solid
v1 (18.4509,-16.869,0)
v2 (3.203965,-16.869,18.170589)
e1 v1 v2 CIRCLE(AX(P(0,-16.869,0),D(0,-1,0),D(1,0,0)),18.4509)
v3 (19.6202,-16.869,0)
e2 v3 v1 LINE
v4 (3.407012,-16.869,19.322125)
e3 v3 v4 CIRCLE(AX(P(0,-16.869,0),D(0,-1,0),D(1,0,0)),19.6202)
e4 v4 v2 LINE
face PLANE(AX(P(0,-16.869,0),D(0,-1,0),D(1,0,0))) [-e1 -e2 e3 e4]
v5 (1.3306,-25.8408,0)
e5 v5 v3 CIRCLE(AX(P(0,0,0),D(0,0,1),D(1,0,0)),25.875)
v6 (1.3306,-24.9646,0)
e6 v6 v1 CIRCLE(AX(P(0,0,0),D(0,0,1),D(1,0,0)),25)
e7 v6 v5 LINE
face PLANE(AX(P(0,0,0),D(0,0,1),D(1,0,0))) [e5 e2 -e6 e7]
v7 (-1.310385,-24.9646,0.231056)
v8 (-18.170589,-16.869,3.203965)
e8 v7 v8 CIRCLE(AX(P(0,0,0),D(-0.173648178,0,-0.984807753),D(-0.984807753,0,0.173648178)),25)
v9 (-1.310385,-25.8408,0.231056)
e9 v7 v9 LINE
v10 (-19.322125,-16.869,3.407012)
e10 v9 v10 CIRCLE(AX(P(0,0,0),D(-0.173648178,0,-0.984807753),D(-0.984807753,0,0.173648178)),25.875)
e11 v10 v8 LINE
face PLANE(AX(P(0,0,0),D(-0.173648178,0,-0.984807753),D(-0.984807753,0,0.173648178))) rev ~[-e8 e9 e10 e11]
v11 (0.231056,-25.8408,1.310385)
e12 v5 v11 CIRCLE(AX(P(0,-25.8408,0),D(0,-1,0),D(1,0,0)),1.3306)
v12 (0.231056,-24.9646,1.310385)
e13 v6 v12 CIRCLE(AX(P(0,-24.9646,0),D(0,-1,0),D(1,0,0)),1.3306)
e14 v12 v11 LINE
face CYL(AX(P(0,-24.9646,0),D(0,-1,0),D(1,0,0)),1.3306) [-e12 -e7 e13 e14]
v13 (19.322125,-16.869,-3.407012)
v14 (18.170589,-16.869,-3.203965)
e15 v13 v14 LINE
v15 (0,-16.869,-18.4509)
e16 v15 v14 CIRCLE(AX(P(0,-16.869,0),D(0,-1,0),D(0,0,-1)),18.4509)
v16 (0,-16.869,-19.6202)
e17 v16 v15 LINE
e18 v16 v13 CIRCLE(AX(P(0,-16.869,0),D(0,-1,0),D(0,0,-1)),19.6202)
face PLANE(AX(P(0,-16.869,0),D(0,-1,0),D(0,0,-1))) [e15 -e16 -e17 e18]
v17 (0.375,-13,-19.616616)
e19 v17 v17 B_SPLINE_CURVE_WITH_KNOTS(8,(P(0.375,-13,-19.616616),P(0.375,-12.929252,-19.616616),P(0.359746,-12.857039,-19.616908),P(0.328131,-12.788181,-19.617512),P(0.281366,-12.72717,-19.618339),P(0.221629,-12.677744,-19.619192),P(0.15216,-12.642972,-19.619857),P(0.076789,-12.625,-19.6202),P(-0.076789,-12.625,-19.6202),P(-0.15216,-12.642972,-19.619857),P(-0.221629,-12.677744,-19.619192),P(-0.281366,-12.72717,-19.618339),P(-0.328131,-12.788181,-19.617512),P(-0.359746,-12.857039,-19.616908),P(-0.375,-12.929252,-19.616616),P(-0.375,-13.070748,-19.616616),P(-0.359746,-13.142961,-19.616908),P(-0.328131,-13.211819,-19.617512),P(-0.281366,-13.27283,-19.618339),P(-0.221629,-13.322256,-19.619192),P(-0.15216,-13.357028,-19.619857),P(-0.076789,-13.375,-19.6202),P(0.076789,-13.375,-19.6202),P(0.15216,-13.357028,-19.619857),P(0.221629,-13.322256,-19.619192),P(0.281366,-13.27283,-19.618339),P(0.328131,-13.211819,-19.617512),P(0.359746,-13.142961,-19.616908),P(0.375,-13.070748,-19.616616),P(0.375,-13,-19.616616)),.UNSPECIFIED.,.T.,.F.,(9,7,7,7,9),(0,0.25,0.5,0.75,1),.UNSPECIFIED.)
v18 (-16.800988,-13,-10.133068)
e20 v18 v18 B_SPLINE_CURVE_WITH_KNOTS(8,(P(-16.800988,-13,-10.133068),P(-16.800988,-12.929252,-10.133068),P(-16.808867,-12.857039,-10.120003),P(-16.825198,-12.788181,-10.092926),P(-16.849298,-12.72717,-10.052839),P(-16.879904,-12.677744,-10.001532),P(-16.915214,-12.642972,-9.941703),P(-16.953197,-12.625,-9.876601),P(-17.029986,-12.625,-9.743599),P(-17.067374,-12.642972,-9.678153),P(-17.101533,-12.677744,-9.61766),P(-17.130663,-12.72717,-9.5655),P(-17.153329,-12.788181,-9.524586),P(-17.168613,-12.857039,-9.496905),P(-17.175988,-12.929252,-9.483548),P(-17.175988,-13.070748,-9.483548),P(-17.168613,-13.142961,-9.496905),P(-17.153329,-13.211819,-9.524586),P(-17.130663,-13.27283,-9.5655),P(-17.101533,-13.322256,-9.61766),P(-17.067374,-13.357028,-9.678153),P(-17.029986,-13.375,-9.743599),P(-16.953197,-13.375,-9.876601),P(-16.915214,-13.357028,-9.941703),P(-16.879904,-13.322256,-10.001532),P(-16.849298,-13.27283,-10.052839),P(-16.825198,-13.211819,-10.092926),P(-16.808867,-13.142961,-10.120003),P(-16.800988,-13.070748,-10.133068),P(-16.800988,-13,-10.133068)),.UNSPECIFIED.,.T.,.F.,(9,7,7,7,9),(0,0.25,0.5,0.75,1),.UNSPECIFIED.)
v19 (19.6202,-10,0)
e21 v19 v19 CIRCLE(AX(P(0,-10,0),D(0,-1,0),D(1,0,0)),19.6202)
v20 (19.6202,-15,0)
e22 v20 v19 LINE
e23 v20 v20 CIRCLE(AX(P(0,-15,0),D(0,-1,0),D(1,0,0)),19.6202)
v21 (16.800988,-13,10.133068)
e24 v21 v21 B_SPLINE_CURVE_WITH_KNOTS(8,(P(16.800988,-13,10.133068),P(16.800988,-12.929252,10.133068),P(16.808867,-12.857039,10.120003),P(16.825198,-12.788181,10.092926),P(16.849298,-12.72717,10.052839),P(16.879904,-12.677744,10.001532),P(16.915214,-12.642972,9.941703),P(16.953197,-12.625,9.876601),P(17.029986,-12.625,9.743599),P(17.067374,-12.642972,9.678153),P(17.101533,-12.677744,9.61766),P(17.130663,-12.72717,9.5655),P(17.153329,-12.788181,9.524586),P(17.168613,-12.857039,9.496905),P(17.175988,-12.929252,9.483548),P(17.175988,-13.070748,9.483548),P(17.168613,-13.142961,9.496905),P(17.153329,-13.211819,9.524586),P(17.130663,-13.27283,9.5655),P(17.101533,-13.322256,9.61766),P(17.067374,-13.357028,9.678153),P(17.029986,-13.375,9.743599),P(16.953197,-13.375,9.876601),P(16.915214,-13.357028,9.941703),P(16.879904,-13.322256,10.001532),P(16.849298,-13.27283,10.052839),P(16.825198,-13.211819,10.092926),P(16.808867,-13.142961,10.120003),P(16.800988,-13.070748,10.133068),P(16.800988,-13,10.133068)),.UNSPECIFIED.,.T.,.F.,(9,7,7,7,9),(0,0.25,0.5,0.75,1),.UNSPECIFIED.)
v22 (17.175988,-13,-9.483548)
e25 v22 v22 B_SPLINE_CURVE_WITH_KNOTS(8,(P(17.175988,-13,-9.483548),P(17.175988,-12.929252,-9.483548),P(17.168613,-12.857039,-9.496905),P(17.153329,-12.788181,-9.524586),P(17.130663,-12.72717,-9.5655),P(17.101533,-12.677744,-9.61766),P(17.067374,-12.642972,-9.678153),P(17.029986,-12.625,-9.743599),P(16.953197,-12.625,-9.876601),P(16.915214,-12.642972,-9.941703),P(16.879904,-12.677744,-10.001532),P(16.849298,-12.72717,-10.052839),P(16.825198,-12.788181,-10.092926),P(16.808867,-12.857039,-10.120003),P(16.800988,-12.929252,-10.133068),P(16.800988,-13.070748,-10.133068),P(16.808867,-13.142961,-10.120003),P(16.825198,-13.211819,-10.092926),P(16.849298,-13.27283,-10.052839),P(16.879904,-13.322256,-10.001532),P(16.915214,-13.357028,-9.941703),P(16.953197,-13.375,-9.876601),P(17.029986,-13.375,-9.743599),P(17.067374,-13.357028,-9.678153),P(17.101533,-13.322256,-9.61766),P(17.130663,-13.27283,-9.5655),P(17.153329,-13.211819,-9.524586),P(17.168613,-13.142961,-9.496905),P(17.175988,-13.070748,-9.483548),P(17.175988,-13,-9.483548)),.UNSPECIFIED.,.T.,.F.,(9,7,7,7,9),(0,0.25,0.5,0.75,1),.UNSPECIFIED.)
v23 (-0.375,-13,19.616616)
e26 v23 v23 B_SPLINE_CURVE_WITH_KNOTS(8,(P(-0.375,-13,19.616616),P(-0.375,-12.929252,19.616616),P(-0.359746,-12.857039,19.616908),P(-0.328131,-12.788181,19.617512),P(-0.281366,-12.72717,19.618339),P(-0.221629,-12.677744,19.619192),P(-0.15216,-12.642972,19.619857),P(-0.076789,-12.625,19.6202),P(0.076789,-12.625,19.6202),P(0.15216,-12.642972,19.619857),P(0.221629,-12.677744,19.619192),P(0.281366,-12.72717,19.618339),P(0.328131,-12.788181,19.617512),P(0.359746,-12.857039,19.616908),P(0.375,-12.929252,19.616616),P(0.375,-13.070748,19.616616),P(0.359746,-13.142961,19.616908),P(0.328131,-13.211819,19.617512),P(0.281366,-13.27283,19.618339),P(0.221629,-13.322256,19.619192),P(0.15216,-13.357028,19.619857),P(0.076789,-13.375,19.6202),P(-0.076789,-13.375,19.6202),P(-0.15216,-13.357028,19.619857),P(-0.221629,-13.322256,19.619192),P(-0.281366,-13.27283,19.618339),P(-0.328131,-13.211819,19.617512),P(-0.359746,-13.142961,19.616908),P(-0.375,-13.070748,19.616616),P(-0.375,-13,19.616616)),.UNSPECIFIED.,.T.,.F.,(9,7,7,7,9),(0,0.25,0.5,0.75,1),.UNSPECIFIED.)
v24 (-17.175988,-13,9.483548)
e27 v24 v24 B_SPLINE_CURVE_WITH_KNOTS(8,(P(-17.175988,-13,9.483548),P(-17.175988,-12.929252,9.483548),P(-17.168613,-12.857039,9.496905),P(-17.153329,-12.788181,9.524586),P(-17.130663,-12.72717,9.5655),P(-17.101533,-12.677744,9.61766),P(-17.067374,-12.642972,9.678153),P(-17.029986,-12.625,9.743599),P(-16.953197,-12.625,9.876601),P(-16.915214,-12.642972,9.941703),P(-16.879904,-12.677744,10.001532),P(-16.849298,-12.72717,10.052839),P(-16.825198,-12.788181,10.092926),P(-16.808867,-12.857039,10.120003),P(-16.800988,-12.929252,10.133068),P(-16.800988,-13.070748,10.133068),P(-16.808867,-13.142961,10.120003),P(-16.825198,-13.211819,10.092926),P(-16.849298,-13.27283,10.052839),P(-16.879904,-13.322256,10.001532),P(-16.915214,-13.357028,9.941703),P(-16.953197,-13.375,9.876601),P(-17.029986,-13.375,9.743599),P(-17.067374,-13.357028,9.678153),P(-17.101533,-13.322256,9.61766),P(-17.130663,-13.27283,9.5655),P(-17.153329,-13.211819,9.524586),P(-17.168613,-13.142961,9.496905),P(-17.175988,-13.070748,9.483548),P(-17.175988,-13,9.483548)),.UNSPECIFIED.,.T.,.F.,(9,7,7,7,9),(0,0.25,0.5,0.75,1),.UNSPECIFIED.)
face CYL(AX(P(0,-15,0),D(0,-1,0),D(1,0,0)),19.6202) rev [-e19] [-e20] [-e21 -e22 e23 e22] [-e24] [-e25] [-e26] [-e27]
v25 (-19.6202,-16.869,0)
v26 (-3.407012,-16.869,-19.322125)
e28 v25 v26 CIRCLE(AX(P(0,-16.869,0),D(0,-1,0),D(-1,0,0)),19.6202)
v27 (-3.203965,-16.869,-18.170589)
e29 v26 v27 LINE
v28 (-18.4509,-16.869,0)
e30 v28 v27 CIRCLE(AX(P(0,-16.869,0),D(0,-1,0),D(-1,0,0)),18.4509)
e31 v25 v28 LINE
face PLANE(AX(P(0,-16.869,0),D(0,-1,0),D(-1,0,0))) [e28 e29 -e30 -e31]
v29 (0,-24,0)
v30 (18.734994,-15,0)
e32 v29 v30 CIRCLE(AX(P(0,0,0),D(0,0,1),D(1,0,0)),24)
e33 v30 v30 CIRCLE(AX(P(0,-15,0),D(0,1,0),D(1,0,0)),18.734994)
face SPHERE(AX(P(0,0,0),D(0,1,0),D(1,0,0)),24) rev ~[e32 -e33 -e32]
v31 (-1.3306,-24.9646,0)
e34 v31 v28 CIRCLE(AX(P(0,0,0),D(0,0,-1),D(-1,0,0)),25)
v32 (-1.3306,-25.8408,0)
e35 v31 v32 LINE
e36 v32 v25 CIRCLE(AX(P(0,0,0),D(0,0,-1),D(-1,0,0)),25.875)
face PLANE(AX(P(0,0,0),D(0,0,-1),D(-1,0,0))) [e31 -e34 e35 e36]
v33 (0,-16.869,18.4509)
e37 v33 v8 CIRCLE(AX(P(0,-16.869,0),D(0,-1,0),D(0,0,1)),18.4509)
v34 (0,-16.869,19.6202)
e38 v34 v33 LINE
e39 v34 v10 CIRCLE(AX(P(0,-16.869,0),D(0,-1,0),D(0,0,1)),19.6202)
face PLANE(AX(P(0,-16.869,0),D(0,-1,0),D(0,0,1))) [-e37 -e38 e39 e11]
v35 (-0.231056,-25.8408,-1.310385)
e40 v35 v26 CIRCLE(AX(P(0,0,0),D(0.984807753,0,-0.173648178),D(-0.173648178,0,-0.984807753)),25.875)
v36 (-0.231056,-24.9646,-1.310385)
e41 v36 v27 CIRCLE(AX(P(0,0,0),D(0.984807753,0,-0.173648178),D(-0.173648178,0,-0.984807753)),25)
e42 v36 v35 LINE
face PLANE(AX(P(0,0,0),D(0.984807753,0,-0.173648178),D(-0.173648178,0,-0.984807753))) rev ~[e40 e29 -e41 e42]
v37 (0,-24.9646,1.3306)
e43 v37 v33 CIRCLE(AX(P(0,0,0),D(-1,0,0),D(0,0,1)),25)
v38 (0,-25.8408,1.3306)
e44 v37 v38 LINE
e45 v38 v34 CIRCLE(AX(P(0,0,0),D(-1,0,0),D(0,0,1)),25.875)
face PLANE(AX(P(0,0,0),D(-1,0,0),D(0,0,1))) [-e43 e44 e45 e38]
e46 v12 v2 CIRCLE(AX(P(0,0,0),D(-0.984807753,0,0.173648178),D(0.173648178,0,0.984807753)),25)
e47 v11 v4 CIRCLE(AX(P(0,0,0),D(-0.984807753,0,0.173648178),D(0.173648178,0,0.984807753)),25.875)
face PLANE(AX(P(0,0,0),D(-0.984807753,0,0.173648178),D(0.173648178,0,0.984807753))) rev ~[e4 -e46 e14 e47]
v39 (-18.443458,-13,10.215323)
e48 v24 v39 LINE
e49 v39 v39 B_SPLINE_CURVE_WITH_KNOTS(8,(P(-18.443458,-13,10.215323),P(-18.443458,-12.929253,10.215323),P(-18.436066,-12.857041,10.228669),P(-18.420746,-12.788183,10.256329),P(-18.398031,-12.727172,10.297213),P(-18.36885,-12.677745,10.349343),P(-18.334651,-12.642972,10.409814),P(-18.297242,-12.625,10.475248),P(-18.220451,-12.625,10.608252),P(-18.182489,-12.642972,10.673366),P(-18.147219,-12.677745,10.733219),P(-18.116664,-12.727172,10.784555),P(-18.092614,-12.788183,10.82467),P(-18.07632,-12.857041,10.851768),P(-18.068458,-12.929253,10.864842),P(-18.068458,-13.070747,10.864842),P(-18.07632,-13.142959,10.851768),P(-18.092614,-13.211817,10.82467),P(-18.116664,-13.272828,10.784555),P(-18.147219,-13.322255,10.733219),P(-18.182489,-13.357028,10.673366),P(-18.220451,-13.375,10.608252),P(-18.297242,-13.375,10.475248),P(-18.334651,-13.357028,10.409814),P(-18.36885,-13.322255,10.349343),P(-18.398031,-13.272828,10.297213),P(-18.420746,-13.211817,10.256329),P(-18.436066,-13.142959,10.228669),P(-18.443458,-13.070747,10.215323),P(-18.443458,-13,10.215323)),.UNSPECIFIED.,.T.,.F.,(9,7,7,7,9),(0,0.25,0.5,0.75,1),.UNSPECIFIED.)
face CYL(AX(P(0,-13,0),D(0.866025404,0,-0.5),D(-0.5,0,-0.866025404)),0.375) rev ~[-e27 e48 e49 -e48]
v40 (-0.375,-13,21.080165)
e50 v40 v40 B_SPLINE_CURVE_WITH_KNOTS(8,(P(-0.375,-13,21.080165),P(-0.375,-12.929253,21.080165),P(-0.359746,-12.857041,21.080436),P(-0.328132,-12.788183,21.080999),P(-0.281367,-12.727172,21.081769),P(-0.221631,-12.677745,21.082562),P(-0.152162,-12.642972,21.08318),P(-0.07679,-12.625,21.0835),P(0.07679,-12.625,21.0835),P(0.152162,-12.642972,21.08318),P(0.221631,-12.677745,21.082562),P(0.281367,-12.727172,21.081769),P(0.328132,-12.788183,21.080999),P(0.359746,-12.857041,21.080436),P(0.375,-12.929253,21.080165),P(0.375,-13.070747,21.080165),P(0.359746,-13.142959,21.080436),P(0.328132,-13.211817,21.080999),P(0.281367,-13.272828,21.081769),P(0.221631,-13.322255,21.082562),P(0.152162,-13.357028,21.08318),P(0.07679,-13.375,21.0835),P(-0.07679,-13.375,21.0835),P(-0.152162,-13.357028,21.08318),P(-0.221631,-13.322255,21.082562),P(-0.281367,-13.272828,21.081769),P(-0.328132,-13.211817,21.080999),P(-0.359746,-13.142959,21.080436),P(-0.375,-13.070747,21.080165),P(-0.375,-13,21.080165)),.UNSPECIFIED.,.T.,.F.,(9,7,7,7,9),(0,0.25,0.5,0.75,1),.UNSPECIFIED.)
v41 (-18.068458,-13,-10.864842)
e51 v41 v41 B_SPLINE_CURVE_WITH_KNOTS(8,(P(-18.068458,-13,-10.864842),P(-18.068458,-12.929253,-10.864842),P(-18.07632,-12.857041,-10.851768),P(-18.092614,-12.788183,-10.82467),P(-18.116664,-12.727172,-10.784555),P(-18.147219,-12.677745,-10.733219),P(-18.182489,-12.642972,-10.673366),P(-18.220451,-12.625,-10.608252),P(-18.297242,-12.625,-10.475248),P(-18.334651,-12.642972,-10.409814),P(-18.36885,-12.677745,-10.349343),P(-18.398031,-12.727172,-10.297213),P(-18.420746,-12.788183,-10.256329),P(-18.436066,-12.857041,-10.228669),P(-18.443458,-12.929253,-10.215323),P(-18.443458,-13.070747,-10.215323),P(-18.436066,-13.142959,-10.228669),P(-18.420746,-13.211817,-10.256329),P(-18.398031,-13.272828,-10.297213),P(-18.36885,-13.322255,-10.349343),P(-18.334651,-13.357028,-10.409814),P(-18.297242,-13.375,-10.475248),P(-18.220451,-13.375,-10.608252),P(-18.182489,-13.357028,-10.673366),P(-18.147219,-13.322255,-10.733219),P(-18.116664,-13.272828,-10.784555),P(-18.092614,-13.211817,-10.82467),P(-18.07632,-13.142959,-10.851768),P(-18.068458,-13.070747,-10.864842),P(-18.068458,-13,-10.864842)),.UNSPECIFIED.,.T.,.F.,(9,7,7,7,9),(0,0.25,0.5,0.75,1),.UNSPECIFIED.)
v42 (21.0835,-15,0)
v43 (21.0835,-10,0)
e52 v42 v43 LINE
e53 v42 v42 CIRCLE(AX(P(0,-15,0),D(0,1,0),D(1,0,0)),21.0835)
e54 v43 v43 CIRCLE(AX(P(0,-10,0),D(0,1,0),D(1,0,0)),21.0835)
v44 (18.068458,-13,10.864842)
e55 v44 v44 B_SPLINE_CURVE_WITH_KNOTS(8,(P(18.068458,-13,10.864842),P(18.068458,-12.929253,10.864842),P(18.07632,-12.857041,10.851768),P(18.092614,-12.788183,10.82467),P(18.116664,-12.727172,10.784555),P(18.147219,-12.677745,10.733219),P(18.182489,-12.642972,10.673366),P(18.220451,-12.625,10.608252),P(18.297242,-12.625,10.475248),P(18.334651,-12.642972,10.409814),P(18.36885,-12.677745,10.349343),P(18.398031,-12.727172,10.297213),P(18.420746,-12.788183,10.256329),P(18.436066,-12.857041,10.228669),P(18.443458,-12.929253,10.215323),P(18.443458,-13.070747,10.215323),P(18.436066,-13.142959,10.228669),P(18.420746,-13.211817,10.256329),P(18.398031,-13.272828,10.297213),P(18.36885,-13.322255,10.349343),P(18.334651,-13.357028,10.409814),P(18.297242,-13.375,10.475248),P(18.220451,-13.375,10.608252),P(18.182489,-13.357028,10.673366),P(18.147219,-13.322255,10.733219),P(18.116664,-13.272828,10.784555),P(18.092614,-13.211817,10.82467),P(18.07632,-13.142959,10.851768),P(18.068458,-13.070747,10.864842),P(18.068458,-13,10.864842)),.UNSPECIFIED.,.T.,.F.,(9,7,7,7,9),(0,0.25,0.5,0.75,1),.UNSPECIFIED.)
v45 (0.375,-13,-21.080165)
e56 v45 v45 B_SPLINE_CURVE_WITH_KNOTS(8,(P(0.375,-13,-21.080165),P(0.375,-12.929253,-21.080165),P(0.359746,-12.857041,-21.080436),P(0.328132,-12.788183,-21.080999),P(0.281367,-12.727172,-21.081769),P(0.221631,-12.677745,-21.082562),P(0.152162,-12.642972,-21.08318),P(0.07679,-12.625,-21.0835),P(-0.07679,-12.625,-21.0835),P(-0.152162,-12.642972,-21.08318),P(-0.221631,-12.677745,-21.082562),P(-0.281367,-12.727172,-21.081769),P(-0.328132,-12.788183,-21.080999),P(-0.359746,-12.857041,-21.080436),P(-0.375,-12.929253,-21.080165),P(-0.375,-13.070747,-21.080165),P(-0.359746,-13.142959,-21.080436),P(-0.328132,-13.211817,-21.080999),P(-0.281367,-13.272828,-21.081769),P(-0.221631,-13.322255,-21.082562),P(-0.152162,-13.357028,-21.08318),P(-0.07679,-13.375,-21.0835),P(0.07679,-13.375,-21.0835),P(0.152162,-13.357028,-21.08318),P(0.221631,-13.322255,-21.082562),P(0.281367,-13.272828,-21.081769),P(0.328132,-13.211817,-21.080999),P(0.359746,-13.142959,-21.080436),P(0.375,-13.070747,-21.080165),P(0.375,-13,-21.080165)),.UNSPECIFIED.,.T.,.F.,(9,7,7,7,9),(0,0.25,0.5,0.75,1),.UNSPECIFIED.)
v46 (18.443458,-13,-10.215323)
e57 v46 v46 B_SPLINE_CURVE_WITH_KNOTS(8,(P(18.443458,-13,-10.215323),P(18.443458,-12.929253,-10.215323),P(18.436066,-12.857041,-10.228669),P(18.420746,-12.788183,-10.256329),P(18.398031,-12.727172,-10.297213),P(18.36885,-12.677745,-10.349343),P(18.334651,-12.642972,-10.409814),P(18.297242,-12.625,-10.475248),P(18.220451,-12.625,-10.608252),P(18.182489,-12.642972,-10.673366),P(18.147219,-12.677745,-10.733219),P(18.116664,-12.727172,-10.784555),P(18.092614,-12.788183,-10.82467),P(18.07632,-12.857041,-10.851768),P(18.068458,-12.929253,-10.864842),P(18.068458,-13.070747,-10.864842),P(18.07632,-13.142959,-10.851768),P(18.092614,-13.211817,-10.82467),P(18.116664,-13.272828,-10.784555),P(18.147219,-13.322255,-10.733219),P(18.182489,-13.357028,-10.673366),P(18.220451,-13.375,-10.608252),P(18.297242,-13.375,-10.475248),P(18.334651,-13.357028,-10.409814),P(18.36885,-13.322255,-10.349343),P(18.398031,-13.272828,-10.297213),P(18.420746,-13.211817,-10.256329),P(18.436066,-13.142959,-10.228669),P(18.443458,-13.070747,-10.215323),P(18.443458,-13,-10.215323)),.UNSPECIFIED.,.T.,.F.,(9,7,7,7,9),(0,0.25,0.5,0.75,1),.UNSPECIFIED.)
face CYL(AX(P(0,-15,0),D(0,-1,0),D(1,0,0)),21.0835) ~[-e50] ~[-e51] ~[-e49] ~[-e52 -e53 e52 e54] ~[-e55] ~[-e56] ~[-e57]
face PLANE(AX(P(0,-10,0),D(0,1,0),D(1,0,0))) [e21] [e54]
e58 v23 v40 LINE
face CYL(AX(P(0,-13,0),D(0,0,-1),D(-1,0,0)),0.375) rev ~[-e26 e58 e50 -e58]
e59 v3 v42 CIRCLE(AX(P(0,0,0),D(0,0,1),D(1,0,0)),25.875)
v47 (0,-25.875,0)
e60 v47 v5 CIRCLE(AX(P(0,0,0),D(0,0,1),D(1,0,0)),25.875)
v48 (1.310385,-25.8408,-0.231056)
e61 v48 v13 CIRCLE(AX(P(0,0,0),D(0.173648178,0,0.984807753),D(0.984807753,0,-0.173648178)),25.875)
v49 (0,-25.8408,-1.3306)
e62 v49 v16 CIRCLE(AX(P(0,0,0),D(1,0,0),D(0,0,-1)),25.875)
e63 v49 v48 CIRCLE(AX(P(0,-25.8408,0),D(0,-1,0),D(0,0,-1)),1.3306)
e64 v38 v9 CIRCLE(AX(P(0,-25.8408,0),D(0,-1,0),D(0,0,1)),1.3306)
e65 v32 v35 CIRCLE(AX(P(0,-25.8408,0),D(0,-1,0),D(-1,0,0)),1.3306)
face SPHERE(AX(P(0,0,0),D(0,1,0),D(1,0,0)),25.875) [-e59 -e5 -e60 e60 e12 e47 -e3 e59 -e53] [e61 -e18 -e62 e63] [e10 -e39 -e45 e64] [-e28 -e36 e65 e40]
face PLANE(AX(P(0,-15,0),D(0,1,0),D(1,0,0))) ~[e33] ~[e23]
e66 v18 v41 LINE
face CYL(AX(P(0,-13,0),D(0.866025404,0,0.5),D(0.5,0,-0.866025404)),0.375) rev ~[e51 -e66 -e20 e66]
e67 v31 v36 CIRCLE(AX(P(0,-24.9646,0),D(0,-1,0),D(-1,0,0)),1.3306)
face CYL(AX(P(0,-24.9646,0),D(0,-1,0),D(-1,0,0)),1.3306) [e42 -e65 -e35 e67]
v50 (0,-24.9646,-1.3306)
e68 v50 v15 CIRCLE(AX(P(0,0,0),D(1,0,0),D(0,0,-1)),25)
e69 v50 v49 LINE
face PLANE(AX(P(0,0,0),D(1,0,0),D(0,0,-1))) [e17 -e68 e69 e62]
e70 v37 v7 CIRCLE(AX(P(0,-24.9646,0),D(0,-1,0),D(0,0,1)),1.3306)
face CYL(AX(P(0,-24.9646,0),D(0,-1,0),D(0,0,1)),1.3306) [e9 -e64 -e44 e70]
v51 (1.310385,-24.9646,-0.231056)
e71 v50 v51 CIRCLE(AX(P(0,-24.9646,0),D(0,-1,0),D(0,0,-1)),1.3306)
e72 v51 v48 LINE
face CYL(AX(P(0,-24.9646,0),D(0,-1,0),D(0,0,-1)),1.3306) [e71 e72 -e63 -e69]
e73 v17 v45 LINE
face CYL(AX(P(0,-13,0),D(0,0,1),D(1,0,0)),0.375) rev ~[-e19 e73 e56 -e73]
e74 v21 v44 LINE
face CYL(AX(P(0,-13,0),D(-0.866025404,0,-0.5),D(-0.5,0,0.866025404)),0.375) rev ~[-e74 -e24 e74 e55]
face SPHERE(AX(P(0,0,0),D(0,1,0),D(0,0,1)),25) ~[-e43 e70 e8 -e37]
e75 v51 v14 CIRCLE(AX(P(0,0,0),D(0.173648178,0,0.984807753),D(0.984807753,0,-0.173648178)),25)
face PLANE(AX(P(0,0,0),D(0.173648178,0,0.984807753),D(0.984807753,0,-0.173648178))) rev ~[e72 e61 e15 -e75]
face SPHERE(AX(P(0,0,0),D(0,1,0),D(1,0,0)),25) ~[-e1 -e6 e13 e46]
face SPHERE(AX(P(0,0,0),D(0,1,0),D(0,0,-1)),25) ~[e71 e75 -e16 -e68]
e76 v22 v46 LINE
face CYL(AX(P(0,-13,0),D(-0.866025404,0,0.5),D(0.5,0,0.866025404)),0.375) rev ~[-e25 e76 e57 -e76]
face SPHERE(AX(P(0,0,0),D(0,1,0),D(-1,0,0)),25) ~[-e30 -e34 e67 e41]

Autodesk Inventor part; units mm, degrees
ref_plane "YZ Plane" through (0, 0, 0) normal (1, 0, 0) x (0, 1, 0)
ref_plane "XZ Plane" through (0, 0, 0) normal (0, 1, 0) x (-1, 0, 0)
ref_plane "XY Plane" through (0, 0, 0) normal (0, 0, 1) x (1, 0, 0)
sketch "Sketch2" plane through (0, 0, 0) normal (0, 0, 1) x (1, 0, 0)
  circle A0 centre (0, 0) radius 25
  circle A1 centre (0, 0) radius 24
  line L0 (-28.1544, -15) -> (30.7149, -15)
  line L1 (0, -25) -> (0, -24)
  point P0 (20, -15)
  point P1 (18.735, -15)
  dimension "d3" = 50
  dimension "d4" = 48
  dimension "d6" = 10
revolve "Revolution1" add sketch "Sketch2" angle 360 about axis through (0, -25, 0) along (0, 1, 0) picked at (16.5634, -17.6598) contours A0 L1 A1 L0
sketch "Sketch3" plane through (0, 0, 0) normal (0, 0, 1) x (1, 0, 0)
  arc A0 (-20, -15) -> (20, -15) centre (0, 0) ccw projected
  circle A1 centre (0, 0) radius 25
  circle A2 centre (0, 0) radius 25.875
  line L0 (20, -15) -> (21.0835, -15)
  line L1 (-20, -15) -> (20, -15) projected
  line L2 (0, -15) -> (0, -25)
  line L3 (-20, -15) -> (-21.0835, -15)
  line L4 (0, -25.875) -> (0, -25)
  line L5 (-38.5, 0) -> (38.5, 0) projected
  line L6 (0, -38.5) -> (0, 38.5) projected
  point P0 (20, -15)
  dimension "d7" = 51.75
revolve "Revolution2" add sketch "Sketch3" angle 360 about axis through (0, -10, 0) along (0, 1, 0) contours A0 L0 A2 L4
sketch "Sketch4" plane through (0, 0, 0) normal (0, 0, 1) x (1, 0, 0)
  line L0 (19.6202, -16.869) -> (18.4509, -16.869)
  line L1 (0, -25.875) -> (0, -25)
  line L2 (1.3306, -24.9646) -> (1.3306, -25.8408)
  line L3 (-19.6202, -16.869) -> (-18.4509, -16.869)
  line L4 (-1.3306, -24.9646) -> (-1.3306, -25.8408)
  circle A0 centre (0, 0) radius 25
  circle A1 centre (0, 0) radius 25.875
  line L5 (0, -36.225) -> (0, 36.225) projected
revolve "Revolution4" cut sketch "Sketch4" angle 80 about axis through (0, -10, 0) along (0, -1, 0) contours A1 L2 A0 L0
pattern_circular "Circular Pattern2" count 4 over 360 about axis through (0, -10, 0) along (0, 1, 0) of "Revolution4"
sketch "Sketch6" plane through (0, -15, 0) normal (0, 1, 0) x (1, 0, 0)
  line L0 (-19.6202, 0) -> (-1.3306, 0) projected
  circle A0 centre (0, 0) radius 19.6202
  circle A1 centre (0, 0) radius 21.0835 projected
  circle A2 centre (0, 0) radius 21.0835
extrude "Extrusion3" add sketch "Sketch6" along normal blind 5
sketch "Sketch7" plane through (0, 0, 0) normal (0, 0, 1) x (1, 0, 0)
  line L0 (-21.0835, -15) -> (21.0835, -15) projected
  circle A0 centre (0, -13) radius 0.375
  point P0 (0, 0)
  dimension "d24" = 0.75
  dimension "d26" = 2
extrude "Extrusion4" cut sketch "Sketch7" against normal through all
pattern_circular "Circular Pattern3" count 6 over 360 about axis through (0, -10, 0) along (0, 1, 0) of "Extrusion4"
properties part number "Main Mirror"
